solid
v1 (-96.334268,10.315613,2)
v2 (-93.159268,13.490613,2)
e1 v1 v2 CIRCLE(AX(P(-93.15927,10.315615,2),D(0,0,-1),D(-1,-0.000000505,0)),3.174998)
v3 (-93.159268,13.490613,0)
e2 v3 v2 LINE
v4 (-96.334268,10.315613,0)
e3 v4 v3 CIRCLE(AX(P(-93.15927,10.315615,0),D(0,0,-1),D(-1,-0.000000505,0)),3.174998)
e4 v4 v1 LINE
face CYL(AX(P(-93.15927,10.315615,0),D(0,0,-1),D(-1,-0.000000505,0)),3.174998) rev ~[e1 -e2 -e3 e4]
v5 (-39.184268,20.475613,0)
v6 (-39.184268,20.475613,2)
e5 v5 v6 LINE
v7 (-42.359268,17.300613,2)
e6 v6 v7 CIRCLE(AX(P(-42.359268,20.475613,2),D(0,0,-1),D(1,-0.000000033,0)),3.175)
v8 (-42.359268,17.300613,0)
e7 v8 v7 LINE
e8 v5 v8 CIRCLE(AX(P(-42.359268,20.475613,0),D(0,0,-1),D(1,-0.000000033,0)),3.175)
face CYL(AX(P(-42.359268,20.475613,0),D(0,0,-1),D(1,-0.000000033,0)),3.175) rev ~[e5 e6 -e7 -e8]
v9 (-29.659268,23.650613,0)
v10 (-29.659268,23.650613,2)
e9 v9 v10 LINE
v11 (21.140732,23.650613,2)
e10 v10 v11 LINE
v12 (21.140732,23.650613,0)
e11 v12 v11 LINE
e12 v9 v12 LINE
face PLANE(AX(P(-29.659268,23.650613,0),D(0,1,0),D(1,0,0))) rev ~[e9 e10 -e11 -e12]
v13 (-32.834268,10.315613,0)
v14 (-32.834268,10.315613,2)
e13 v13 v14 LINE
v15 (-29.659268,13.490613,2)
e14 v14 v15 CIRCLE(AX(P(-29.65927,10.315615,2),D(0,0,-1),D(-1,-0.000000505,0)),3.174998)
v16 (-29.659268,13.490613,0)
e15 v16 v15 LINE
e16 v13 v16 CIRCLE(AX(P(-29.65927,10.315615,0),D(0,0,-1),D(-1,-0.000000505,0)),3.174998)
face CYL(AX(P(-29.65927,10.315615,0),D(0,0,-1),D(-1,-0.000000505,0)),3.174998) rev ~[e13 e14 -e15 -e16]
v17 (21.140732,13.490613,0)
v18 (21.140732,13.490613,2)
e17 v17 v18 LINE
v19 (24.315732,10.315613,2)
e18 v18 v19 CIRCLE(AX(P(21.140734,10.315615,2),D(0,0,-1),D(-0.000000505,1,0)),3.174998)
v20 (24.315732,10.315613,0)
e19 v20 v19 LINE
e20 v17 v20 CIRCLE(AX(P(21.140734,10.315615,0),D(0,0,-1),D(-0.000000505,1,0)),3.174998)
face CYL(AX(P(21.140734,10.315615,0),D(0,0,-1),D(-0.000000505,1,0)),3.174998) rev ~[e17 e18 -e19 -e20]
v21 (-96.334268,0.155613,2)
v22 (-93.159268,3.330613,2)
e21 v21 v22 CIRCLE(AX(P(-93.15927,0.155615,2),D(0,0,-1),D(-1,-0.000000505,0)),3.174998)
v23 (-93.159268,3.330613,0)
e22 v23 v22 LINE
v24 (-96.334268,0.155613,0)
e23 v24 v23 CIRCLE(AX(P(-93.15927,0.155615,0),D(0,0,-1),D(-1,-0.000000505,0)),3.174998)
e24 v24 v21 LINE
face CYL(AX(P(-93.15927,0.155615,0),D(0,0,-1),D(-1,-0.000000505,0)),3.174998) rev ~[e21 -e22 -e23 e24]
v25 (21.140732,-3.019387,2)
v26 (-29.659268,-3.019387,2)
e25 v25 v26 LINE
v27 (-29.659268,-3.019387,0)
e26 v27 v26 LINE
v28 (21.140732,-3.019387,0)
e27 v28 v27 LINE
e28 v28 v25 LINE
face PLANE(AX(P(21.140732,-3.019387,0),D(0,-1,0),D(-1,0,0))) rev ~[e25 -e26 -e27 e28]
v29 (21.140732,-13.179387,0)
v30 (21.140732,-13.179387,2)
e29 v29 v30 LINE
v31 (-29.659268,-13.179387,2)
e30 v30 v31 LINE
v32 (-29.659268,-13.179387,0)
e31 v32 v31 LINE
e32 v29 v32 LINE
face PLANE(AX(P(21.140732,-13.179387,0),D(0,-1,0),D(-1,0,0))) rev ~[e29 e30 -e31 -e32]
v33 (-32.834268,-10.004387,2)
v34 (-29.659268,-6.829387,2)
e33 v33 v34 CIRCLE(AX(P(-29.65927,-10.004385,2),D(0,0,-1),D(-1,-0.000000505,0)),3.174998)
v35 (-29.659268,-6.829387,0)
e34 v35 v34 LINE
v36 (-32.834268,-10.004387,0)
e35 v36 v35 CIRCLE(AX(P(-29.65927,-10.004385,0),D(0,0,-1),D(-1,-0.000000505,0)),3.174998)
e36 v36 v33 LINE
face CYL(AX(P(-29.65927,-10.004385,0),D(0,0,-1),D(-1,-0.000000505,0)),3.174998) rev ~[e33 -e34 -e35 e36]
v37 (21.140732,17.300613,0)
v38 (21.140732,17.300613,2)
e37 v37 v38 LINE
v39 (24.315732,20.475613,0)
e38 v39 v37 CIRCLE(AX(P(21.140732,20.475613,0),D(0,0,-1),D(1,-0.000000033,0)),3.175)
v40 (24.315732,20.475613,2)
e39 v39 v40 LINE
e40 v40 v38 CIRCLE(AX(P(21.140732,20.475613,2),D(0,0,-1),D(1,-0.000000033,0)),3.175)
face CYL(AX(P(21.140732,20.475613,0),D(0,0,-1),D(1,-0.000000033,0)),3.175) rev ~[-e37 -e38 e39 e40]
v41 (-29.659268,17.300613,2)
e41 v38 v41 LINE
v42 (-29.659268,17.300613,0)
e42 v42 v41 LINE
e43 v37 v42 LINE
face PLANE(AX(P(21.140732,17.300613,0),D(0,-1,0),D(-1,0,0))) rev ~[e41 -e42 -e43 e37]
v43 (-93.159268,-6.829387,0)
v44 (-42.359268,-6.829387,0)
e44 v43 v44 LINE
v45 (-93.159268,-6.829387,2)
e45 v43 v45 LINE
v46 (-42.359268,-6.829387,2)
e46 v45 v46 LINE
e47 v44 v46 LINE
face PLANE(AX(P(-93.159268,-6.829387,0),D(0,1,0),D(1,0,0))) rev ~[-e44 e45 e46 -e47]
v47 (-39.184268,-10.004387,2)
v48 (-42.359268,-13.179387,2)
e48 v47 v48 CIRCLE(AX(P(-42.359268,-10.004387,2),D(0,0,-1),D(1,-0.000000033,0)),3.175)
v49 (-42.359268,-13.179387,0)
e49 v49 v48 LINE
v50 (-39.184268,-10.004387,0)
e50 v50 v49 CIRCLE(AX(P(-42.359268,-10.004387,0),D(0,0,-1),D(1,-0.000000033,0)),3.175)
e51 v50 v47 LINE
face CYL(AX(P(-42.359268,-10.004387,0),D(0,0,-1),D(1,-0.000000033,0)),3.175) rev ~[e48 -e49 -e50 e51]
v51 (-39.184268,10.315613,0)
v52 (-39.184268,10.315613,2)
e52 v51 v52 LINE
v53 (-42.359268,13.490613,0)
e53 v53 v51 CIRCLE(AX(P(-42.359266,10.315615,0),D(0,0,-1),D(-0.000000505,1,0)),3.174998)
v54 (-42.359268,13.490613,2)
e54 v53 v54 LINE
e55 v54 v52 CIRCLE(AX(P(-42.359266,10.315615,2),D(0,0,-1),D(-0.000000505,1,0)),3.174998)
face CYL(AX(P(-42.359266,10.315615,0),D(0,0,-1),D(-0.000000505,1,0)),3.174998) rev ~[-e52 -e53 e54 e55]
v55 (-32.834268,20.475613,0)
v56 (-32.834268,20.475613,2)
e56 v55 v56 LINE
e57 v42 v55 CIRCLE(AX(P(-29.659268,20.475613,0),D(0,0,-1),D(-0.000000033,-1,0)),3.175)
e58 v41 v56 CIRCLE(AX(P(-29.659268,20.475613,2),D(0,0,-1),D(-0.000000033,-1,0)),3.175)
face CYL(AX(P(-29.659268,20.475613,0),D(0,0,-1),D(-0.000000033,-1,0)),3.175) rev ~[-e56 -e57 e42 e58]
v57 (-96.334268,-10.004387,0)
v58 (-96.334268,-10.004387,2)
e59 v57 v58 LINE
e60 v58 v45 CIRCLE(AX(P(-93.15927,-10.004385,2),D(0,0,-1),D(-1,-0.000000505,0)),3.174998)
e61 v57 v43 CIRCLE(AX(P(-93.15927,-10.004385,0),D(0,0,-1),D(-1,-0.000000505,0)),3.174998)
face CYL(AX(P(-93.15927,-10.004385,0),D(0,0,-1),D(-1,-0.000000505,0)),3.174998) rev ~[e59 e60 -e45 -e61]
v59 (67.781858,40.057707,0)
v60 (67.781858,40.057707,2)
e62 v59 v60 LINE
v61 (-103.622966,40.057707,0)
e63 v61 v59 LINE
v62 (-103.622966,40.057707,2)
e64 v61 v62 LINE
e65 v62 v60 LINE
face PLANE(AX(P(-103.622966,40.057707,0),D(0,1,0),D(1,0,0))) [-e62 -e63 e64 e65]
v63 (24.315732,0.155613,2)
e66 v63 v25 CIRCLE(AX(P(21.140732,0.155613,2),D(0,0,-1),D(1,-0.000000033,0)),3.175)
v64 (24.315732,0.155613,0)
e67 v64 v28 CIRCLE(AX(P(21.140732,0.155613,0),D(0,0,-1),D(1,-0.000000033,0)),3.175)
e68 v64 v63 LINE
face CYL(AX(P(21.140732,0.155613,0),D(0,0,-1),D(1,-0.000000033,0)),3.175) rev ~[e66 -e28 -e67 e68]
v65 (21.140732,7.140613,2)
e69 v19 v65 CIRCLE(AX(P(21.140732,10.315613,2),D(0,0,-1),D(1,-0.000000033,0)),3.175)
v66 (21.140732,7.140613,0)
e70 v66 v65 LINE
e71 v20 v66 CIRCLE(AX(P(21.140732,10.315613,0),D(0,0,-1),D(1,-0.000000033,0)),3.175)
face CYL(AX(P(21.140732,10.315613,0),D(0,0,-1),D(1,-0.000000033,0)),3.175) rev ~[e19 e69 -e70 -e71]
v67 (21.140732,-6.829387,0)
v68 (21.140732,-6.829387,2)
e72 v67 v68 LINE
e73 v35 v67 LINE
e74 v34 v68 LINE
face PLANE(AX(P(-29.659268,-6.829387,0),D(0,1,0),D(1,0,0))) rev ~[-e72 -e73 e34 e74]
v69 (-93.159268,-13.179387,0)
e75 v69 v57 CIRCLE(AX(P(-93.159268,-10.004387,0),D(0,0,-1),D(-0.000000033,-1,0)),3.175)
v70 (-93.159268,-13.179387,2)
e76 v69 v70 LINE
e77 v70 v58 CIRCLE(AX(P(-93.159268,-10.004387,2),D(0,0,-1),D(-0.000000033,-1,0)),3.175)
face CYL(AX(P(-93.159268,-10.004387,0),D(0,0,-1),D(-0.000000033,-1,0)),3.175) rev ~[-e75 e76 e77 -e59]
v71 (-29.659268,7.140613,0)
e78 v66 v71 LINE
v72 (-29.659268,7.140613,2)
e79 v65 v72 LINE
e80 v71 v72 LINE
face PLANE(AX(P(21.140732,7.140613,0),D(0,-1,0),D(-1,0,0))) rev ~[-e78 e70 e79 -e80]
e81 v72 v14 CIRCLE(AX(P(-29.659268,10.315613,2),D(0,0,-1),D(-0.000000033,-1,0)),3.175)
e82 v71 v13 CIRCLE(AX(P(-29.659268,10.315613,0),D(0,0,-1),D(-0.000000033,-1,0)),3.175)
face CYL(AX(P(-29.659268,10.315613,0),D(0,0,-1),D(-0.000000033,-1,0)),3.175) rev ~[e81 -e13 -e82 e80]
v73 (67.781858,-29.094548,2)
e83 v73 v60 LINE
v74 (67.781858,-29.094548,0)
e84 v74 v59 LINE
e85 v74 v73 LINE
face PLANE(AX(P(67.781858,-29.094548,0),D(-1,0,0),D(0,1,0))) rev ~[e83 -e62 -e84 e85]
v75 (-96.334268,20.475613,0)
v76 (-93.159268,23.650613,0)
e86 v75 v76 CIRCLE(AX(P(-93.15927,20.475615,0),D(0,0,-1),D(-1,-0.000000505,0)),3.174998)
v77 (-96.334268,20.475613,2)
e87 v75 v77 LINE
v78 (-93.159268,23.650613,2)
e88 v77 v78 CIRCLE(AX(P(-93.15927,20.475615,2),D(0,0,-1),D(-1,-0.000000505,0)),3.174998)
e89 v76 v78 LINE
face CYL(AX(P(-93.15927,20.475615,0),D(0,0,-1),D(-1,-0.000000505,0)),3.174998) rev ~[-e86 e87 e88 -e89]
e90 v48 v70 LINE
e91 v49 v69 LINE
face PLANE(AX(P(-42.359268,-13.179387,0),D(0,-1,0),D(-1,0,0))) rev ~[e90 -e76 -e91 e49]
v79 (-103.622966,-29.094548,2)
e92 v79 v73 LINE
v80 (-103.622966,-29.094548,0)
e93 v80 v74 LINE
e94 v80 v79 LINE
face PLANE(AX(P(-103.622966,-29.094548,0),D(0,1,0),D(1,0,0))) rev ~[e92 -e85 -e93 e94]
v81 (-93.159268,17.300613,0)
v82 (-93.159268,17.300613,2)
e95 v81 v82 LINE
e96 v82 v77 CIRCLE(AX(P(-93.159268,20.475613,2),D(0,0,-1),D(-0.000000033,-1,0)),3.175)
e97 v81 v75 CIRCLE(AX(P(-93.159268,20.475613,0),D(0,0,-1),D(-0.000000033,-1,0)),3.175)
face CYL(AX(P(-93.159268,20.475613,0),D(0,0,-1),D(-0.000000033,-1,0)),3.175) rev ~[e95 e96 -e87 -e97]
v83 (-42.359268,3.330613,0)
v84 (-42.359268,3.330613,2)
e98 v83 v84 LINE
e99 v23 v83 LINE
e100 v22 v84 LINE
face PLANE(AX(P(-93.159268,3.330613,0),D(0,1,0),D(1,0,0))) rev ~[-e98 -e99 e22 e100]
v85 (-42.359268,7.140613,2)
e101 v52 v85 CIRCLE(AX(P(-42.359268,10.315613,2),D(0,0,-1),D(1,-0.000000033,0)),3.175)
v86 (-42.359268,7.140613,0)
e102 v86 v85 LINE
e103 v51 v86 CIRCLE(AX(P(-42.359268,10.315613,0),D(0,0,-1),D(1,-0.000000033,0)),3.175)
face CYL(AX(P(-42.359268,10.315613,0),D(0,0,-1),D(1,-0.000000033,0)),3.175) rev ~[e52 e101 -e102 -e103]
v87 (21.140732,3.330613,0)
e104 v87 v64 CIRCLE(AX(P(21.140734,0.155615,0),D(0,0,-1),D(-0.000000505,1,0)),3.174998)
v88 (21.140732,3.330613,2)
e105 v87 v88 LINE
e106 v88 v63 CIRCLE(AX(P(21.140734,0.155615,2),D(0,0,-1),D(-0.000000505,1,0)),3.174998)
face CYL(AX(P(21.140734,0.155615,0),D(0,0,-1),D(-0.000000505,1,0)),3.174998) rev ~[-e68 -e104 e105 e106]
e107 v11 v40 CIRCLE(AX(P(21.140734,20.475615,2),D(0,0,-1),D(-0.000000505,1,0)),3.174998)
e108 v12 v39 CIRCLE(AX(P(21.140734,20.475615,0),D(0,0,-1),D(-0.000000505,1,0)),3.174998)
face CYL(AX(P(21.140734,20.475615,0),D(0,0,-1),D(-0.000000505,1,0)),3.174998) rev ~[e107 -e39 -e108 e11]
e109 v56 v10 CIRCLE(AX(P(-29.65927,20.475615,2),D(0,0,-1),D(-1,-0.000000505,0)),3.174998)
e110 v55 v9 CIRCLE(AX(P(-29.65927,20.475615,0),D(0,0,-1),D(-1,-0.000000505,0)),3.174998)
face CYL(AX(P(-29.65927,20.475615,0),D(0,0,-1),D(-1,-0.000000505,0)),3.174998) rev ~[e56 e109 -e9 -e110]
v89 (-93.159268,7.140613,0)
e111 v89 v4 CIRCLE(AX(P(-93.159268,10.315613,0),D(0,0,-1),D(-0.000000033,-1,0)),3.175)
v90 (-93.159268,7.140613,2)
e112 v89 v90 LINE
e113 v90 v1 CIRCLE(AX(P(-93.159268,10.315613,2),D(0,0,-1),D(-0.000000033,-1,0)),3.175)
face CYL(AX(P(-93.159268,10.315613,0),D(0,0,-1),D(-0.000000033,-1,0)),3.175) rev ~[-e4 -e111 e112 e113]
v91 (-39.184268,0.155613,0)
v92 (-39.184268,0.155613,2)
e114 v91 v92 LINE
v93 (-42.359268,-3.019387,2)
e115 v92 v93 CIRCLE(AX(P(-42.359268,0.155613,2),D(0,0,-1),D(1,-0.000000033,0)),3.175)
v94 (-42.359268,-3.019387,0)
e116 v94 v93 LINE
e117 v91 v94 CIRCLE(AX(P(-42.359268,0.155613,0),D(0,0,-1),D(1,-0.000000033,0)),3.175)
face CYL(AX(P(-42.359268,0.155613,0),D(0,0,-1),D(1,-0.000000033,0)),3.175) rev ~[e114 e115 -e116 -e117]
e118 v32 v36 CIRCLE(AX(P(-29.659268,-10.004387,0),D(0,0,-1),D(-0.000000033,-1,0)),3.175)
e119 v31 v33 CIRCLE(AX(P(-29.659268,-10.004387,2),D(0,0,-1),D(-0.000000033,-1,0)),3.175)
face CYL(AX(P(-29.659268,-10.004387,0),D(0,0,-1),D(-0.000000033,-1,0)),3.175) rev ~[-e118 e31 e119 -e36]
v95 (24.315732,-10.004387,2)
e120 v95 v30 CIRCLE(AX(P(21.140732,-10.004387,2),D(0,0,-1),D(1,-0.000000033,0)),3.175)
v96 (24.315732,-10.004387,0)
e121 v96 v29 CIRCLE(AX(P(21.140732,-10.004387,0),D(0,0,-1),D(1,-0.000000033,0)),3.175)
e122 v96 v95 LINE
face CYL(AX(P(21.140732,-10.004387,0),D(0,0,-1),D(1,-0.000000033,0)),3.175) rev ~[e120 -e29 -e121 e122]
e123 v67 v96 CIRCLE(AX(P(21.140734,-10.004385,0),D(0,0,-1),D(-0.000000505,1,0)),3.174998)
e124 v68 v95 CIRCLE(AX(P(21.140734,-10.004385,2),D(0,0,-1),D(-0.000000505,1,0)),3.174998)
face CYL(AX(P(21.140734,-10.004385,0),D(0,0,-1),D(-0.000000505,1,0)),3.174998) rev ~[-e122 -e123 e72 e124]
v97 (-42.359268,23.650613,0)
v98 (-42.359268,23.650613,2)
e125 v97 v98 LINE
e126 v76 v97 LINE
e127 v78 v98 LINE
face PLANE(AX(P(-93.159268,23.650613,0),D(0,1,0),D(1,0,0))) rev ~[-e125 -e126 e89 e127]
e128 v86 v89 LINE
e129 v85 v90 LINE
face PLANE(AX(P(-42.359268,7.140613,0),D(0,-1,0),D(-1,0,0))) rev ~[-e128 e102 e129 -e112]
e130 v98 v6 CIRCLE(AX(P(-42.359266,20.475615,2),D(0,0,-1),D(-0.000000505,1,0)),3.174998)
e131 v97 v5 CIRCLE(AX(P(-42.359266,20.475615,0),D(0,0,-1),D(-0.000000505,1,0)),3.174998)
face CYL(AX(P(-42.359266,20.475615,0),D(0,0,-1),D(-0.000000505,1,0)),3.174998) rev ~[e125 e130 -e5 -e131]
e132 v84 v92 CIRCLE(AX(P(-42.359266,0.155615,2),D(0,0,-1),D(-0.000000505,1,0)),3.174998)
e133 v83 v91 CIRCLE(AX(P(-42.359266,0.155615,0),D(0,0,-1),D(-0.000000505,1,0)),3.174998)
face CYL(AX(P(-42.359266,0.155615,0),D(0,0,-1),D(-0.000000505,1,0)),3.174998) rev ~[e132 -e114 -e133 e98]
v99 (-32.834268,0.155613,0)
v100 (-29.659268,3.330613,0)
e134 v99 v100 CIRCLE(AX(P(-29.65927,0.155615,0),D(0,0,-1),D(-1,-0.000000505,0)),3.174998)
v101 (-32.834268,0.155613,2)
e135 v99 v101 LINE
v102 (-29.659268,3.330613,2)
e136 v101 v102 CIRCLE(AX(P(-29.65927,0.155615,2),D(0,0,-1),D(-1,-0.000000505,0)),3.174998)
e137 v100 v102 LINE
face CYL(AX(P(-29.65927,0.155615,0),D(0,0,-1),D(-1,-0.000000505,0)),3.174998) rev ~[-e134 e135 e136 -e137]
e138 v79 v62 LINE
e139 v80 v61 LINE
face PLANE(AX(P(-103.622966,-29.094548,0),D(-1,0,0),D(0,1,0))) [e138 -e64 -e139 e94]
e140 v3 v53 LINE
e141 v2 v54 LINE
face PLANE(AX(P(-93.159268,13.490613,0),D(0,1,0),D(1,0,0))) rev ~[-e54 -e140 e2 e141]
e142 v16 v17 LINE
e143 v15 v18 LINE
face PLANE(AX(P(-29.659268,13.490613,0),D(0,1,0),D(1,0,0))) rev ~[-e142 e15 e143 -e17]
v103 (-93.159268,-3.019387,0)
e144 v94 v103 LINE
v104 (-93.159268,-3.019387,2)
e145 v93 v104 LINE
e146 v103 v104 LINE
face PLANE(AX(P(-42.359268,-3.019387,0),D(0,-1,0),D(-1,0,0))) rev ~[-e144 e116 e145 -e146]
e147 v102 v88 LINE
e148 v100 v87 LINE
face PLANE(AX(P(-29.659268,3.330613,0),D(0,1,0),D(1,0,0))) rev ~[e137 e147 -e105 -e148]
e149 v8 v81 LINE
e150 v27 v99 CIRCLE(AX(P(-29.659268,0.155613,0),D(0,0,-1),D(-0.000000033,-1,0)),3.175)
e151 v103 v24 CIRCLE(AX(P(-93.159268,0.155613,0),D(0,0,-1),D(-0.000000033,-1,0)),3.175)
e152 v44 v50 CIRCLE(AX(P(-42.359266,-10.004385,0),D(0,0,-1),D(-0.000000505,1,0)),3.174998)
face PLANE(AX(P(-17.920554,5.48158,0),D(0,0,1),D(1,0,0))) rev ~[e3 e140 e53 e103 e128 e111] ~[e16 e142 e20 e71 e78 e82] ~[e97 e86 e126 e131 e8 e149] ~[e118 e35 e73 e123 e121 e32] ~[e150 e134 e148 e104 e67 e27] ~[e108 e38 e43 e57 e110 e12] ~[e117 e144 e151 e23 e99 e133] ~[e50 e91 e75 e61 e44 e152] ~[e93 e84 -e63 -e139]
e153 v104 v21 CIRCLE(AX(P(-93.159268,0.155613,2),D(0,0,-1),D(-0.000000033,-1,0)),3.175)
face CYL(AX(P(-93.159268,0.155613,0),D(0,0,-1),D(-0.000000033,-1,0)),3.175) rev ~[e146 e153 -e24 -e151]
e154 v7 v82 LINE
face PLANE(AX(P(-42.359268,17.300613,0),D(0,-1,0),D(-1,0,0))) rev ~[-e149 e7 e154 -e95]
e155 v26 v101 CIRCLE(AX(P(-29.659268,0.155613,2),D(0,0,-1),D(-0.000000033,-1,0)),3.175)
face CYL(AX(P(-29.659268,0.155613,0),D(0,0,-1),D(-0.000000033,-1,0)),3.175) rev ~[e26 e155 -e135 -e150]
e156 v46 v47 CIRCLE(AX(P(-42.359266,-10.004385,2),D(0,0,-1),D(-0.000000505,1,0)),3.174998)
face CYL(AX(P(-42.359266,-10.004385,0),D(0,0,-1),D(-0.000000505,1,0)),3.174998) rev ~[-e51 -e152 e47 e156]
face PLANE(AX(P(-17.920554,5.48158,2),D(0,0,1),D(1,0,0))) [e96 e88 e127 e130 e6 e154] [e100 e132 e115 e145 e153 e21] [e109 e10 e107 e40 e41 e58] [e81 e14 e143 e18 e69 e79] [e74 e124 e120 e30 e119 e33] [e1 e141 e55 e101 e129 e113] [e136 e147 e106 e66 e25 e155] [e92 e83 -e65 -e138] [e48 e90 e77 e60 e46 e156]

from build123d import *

# Parameters (mm, degrees)
F0_W     = 171.404824
F0_H     = 69.152255
F1_DEPTH = 2


with BuildPart() as f1:
    # F0 (on Top) → F1 (new body)
    with BuildSketch(Plane.XY):
        with Locations((-17.920554, 5.48158)):
            Rectangle(F0_W, F0_H)
        with BuildLine():
            Line((-42.359268, -13.179387), (-93.159268, -13.179387))
            ThreePointArc((-93.159268, -13.179387), (-95.404332, -12.249451), (-96.334268, -10.004387))
            ThreePointArc((-96.334268, -10.004387), (-95.404332, -7.759322), (-93.159268, -6.829387))
            Line((-93.159268, -6.829387), (-42.359268, -6.829387))
            ThreePointArc((-42.359268, -6.829387), (-40.114204, -7.759322), (-39.184268, -10.004387))
            ThreePointArc((-39.184268, -10.004387), (-40.114204, -12.249451), (-42.359268, -13.179387))
        make_face(mode=Mode.SUBTRACT)
        with BuildLine():
            Line((-42.359268, -3.019387), (-93.159268, -3.019387))
            ThreePointArc((-93.159268, -3.019387), (-95.404332, -2.089451), (-96.334268, 0.155613))
            ThreePointArc((-96.334268, 0.155613), (-95.404332, 2.400678), (-93.159268, 3.330613))
            Line((-93.159268, 3.330613), (-42.359268, 3.330613))
            ThreePointArc((-42.359268, 3.330613), (-40.114204, 2.400678), (-39.184268, 0.155613))
            ThreePointArc((-39.184268, 0.155613), (-40.114204, -2.089451), (-42.359268, -3.019387))
        make_face(mode=Mode.SUBTRACT)
        with BuildLine():
            Line((21.140732, -13.179387), (-29.659268, -13.179387))
            ThreePointArc((-29.659268, -13.179387), (-31.904332, -12.249451), (-32.834268, -10.004387))
            ThreePointArc((-32.834268, -10.004387), (-31.904332, -7.759322), (-29.659268, -6.829387))
            Line((-29.659268, -6.829387), (21.140732, -6.829387))
            ThreePointArc((21.140732, -6.829387), (23.385796, -7.759322), (24.315732, -10.004387))
            ThreePointArc((24.315732, -10.004387), (23.385796, -12.249451), (21.140732, -13.179387))
        make_face(mode=Mode.SUBTRACT)
        with BuildLine():
            Line((21.140732, -3.019387), (-29.659268, -3.019387))
            ThreePointArc((-29.659268, -3.019387), (-31.904332, -2.089451), (-32.834268, 0.155613))
            ThreePointArc((-32.834268, 0.155613), (-31.904332, 2.400678), (-29.659268, 3.330613))
            Line((-29.659268, 3.330613), (21.140732, 3.330613))
            ThreePointArc((21.140732, 3.330613), (23.385796, 2.400678), (24.315732, 0.155613))
            ThreePointArc((24.315732, 0.155613), (23.385796, -2.089451), (21.140732, -3.019387))
        make_face(mode=Mode.SUBTRACT)
        with BuildLine():
            Line((-42.359268, 7.140613), (-93.159268, 7.140613))
            ThreePointArc((-93.159268, 7.140613), (-95.404332, 8.070549), (-96.334268, 10.315613))
            ThreePointArc((-96.334268, 10.315613), (-95.404332, 12.560678), (-93.159268, 13.490613))
            Line((-93.159268, 13.490613), (-42.359268, 13.490613))
            ThreePointArc((-42.359268, 13.490613), (-40.114204, 12.560678), (-39.184268, 10.315613))
            ThreePointArc((-39.184268, 10.315613), (-40.114204, 8.070549), (-42.359268, 7.140613))
        make_face(mode=Mode.SUBTRACT)
        with BuildLine():
            ThreePointArc((-96.334268, 20.475613), (-95.404332, 22.720678), (-93.159268, 23.650613))
            Line((-93.159268, 23.650613), (-42.359268, 23.650613))
            ThreePointArc((-42.359268, 23.650613), (-40.114204, 22.720678), (-39.184268, 20.475613))
            ThreePointArc((-39.184268, 20.475613), (-40.114204, 18.230549), (-42.359268, 17.300613))
            Line((-42.359268, 17.300613), (-93.159268, 17.300613))
            ThreePointArc((-93.159268, 17.300613), (-95.404332, 18.230549), (-96.334268, 20.475613))
        make_face(mode=Mode.SUBTRACT)
        with BuildLine():
            Line((21.140732, 7.140613), (-29.659268, 7.140613))
            ThreePointArc((-29.659268, 7.140613), (-31.904332, 8.070549), (-32.834268, 10.315613))
            ThreePointArc((-32.834268, 10.315613), (-31.904332, 12.560678), (-29.659268, 13.490613))
            Line((-29.659268, 13.490613), (21.140732, 13.490613))
            ThreePointArc((21.140732, 13.490613), (23.385796, 12.560678), (24.315732, 10.315613))
            ThreePointArc((24.315732, 10.315613), (23.385796, 8.070549), (21.140732, 7.140613))
        make_face(mode=Mode.SUBTRACT)
        with BuildLine():
            Line((21.140732, 17.300613), (-29.659268, 17.300613))
            ThreePointArc((-29.659268, 17.300613), (-31.904332, 18.230549), (-32.834268, 20.475613))
            ThreePointArc((-32.834268, 20.475613), (-31.904332, 22.720678), (-29.659268, 23.650613))
            Line((-29.659268, 23.650613), (21.140732, 23.650613))
            ThreePointArc((21.140732, 23.650613), (23.385796, 22.720678), (24.315732, 20.475613))
            ThreePointArc((24.315732, 20.475613), (23.385796, 18.230549), (21.140732, 17.300613))
        make_face(mode=Mode.SUBTRACT)
    extrude(amount=F1_DEPTH)


solid = f1.part
